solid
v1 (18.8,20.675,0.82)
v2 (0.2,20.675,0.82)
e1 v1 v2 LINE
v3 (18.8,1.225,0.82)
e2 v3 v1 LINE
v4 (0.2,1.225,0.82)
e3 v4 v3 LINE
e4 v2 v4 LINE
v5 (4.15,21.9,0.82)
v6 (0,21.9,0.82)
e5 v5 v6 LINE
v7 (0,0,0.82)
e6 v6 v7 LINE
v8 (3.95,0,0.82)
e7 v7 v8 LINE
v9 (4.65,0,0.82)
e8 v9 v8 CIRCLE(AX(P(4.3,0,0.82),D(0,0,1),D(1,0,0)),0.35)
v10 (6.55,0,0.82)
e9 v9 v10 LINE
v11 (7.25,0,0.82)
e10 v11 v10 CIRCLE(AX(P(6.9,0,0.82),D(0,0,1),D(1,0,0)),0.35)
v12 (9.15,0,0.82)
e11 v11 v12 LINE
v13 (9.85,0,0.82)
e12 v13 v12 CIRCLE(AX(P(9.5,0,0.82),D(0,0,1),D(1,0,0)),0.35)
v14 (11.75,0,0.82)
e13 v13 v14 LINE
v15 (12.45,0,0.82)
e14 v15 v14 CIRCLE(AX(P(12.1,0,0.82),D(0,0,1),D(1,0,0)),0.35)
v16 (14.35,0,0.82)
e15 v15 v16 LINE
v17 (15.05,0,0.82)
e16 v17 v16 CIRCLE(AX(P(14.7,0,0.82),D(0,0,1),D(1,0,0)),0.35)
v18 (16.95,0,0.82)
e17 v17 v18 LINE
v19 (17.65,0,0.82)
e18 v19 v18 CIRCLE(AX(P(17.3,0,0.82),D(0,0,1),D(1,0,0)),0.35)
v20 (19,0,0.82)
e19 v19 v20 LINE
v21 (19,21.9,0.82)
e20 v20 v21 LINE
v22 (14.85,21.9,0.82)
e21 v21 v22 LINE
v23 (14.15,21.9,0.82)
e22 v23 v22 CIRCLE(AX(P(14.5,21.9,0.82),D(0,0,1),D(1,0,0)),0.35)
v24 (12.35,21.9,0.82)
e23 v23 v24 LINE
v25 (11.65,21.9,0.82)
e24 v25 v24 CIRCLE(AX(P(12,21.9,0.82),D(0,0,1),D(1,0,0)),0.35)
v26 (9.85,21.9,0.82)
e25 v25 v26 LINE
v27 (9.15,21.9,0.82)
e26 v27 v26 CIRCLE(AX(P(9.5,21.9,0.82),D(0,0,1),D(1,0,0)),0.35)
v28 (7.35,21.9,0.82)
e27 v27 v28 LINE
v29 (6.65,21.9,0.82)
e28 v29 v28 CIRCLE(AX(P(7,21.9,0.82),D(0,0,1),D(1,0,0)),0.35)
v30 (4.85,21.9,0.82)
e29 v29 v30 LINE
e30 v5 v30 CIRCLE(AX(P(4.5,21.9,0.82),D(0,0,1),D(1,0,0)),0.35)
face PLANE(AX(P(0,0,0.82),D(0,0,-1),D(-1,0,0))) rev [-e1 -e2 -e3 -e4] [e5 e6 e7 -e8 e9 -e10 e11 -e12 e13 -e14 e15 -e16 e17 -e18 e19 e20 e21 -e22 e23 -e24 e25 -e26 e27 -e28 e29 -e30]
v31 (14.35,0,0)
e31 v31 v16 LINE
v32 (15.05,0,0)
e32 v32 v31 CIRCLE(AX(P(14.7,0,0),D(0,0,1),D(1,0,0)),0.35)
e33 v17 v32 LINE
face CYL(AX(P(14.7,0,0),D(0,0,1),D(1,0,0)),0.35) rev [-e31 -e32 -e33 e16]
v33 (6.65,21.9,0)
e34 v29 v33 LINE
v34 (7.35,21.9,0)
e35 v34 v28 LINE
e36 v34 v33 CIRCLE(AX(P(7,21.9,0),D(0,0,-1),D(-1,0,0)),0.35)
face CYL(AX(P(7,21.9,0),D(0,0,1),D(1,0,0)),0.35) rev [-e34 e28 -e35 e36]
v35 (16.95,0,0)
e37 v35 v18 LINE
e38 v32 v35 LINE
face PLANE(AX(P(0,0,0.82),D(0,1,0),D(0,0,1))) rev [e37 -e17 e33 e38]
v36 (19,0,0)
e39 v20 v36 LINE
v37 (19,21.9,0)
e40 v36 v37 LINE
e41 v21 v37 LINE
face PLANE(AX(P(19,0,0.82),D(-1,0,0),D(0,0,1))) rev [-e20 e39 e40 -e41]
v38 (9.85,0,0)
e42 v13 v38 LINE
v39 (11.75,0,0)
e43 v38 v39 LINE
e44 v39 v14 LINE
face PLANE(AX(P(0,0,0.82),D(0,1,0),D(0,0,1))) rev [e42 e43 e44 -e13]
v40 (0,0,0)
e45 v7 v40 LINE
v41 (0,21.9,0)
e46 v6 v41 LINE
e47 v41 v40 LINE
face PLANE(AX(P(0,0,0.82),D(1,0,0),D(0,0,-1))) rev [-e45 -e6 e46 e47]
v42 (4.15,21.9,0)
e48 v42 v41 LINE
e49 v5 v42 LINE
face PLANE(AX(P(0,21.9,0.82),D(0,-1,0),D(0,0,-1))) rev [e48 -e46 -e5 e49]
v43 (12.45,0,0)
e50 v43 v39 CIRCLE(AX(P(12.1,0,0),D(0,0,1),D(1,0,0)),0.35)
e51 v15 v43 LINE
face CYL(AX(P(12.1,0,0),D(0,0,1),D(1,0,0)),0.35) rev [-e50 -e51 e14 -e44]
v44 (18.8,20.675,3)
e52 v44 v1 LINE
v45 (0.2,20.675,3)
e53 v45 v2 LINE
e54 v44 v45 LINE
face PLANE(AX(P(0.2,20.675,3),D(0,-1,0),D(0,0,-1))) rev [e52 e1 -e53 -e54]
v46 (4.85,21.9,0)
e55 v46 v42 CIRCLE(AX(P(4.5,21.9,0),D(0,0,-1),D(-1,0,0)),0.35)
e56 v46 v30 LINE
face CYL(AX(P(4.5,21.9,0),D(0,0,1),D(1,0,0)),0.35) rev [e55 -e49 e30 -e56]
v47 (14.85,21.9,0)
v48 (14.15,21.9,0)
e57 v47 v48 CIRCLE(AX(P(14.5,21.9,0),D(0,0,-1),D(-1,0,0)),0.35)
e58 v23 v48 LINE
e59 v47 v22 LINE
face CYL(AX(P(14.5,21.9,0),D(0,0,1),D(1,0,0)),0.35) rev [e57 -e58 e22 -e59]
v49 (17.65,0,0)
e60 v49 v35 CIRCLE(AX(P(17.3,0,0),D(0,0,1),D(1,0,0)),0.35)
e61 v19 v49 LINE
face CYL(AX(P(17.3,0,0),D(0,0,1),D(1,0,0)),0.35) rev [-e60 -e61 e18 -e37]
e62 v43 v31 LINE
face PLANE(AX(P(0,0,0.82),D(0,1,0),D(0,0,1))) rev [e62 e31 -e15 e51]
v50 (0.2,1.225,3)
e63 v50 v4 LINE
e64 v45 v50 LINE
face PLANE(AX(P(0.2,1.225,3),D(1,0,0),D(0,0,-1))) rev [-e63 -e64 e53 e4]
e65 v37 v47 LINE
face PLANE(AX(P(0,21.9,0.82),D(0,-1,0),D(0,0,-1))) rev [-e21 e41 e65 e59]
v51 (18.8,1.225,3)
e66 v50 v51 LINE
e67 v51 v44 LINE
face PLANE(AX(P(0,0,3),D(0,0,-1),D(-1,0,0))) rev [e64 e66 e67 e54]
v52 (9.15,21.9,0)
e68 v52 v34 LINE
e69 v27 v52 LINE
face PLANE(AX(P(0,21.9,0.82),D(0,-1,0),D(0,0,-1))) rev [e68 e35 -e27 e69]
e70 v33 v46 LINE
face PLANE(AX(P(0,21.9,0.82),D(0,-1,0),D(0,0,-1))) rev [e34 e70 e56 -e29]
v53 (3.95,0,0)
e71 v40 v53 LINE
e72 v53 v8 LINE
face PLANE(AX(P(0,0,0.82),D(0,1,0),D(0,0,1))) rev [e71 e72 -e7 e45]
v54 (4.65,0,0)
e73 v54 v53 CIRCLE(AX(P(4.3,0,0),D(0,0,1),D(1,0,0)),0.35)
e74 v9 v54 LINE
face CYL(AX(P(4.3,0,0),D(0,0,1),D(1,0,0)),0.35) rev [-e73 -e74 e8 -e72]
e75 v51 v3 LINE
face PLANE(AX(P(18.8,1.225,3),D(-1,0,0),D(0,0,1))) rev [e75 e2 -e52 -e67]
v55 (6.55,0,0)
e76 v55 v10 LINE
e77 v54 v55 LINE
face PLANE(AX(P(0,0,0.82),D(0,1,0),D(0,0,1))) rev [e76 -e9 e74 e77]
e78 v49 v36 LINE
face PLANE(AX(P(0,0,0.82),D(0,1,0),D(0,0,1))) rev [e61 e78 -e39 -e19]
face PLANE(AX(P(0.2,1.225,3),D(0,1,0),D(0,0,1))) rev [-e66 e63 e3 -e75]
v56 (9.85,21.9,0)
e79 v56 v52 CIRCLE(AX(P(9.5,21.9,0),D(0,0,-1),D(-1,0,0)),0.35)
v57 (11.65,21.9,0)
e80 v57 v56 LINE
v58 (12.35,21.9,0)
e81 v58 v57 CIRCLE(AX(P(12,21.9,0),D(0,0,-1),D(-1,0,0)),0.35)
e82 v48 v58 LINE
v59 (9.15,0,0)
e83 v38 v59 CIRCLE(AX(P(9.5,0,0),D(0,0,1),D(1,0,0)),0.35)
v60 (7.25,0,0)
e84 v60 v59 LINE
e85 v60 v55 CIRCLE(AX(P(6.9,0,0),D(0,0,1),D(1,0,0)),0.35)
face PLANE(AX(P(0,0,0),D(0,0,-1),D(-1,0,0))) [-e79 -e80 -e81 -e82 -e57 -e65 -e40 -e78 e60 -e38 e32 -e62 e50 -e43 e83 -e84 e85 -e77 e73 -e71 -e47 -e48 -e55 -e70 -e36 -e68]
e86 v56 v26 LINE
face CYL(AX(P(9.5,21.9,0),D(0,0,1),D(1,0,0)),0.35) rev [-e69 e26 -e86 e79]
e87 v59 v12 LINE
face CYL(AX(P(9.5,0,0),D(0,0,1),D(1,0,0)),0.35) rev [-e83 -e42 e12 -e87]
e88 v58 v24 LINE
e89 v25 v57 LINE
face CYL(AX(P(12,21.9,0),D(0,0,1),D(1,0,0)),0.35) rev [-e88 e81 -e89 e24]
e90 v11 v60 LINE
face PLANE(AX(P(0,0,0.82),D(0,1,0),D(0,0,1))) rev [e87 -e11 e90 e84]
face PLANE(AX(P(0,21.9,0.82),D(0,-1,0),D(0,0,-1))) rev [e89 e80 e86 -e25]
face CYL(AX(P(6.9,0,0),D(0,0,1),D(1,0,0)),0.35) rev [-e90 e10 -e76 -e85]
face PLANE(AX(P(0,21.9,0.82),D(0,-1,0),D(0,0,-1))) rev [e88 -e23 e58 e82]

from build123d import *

# Parameters (mm, degrees)
SKETCH1_W           = 19
SKETCH1_H           = 21.9
BOSS_EXTRUDE1_DEPTH = 0.82
SKETCH2_W           = 18.6
SKETCH2_H           = 19.45
BOSS_EXTRUDE2_DEPTH = 2.18
SKETCH3_R           = 0.35
CUT_EXTRUDE1_DEPTH  = 30.075116509


with BuildPart() as part:
    # Sketch1 → Boss-Extrude1 (new body)
    with BuildSketch(Plane.XY):
        with Locations((9.5, 10.95)):
            Rectangle(SKETCH1_W, SKETCH1_H)
    extrude(amount=BOSS_EXTRUDE1_DEPTH)

    # Sketch2 → Boss-Extrude2 (add)
    with BuildSketch(Plane.XY.offset(0.82)):
        with Locations((9.5, 10.95)):
            Rectangle(SKETCH2_W, SKETCH2_H)
    extrude(amount=BOSS_EXTRUDE2_DEPTH)

    # Sketch3 → Cut-Extrude1 (cut, through all)
    with BuildSketch(Plane.XY.offset(0.82)):
        with Locations((4.5, 21.9)):
            Circle(SKETCH3_R)
        with Locations((7, 21.9)):
            Circle(SKETCH3_R)
        with Locations((9.5, 21.9)):
            Circle(SKETCH3_R)
        with Locations((12, 21.9)):
            Circle(SKETCH3_R)
        with Locations((14.5, 21.9)):
            Circle(SKETCH3_R)
        with Locations((4.3, 0)):
            Circle(SKETCH3_R)
        with Locations((6.9, 0)):
            Circle(SKETCH3_R)
        with Locations((9.5, 0)):
            Circle(SKETCH3_R)
        with Locations((12.1, 0)):
            Circle(SKETCH3_R)
        with Locations((14.7, 0)):
            Circle(SKETCH3_R)
        with Locations((17.3, 0)):
            Circle(SKETCH3_R)
    extrude(amount=-CUT_EXTRUDE1_DEPTH, mode=Mode.SUBTRACT)


solid = part.part
